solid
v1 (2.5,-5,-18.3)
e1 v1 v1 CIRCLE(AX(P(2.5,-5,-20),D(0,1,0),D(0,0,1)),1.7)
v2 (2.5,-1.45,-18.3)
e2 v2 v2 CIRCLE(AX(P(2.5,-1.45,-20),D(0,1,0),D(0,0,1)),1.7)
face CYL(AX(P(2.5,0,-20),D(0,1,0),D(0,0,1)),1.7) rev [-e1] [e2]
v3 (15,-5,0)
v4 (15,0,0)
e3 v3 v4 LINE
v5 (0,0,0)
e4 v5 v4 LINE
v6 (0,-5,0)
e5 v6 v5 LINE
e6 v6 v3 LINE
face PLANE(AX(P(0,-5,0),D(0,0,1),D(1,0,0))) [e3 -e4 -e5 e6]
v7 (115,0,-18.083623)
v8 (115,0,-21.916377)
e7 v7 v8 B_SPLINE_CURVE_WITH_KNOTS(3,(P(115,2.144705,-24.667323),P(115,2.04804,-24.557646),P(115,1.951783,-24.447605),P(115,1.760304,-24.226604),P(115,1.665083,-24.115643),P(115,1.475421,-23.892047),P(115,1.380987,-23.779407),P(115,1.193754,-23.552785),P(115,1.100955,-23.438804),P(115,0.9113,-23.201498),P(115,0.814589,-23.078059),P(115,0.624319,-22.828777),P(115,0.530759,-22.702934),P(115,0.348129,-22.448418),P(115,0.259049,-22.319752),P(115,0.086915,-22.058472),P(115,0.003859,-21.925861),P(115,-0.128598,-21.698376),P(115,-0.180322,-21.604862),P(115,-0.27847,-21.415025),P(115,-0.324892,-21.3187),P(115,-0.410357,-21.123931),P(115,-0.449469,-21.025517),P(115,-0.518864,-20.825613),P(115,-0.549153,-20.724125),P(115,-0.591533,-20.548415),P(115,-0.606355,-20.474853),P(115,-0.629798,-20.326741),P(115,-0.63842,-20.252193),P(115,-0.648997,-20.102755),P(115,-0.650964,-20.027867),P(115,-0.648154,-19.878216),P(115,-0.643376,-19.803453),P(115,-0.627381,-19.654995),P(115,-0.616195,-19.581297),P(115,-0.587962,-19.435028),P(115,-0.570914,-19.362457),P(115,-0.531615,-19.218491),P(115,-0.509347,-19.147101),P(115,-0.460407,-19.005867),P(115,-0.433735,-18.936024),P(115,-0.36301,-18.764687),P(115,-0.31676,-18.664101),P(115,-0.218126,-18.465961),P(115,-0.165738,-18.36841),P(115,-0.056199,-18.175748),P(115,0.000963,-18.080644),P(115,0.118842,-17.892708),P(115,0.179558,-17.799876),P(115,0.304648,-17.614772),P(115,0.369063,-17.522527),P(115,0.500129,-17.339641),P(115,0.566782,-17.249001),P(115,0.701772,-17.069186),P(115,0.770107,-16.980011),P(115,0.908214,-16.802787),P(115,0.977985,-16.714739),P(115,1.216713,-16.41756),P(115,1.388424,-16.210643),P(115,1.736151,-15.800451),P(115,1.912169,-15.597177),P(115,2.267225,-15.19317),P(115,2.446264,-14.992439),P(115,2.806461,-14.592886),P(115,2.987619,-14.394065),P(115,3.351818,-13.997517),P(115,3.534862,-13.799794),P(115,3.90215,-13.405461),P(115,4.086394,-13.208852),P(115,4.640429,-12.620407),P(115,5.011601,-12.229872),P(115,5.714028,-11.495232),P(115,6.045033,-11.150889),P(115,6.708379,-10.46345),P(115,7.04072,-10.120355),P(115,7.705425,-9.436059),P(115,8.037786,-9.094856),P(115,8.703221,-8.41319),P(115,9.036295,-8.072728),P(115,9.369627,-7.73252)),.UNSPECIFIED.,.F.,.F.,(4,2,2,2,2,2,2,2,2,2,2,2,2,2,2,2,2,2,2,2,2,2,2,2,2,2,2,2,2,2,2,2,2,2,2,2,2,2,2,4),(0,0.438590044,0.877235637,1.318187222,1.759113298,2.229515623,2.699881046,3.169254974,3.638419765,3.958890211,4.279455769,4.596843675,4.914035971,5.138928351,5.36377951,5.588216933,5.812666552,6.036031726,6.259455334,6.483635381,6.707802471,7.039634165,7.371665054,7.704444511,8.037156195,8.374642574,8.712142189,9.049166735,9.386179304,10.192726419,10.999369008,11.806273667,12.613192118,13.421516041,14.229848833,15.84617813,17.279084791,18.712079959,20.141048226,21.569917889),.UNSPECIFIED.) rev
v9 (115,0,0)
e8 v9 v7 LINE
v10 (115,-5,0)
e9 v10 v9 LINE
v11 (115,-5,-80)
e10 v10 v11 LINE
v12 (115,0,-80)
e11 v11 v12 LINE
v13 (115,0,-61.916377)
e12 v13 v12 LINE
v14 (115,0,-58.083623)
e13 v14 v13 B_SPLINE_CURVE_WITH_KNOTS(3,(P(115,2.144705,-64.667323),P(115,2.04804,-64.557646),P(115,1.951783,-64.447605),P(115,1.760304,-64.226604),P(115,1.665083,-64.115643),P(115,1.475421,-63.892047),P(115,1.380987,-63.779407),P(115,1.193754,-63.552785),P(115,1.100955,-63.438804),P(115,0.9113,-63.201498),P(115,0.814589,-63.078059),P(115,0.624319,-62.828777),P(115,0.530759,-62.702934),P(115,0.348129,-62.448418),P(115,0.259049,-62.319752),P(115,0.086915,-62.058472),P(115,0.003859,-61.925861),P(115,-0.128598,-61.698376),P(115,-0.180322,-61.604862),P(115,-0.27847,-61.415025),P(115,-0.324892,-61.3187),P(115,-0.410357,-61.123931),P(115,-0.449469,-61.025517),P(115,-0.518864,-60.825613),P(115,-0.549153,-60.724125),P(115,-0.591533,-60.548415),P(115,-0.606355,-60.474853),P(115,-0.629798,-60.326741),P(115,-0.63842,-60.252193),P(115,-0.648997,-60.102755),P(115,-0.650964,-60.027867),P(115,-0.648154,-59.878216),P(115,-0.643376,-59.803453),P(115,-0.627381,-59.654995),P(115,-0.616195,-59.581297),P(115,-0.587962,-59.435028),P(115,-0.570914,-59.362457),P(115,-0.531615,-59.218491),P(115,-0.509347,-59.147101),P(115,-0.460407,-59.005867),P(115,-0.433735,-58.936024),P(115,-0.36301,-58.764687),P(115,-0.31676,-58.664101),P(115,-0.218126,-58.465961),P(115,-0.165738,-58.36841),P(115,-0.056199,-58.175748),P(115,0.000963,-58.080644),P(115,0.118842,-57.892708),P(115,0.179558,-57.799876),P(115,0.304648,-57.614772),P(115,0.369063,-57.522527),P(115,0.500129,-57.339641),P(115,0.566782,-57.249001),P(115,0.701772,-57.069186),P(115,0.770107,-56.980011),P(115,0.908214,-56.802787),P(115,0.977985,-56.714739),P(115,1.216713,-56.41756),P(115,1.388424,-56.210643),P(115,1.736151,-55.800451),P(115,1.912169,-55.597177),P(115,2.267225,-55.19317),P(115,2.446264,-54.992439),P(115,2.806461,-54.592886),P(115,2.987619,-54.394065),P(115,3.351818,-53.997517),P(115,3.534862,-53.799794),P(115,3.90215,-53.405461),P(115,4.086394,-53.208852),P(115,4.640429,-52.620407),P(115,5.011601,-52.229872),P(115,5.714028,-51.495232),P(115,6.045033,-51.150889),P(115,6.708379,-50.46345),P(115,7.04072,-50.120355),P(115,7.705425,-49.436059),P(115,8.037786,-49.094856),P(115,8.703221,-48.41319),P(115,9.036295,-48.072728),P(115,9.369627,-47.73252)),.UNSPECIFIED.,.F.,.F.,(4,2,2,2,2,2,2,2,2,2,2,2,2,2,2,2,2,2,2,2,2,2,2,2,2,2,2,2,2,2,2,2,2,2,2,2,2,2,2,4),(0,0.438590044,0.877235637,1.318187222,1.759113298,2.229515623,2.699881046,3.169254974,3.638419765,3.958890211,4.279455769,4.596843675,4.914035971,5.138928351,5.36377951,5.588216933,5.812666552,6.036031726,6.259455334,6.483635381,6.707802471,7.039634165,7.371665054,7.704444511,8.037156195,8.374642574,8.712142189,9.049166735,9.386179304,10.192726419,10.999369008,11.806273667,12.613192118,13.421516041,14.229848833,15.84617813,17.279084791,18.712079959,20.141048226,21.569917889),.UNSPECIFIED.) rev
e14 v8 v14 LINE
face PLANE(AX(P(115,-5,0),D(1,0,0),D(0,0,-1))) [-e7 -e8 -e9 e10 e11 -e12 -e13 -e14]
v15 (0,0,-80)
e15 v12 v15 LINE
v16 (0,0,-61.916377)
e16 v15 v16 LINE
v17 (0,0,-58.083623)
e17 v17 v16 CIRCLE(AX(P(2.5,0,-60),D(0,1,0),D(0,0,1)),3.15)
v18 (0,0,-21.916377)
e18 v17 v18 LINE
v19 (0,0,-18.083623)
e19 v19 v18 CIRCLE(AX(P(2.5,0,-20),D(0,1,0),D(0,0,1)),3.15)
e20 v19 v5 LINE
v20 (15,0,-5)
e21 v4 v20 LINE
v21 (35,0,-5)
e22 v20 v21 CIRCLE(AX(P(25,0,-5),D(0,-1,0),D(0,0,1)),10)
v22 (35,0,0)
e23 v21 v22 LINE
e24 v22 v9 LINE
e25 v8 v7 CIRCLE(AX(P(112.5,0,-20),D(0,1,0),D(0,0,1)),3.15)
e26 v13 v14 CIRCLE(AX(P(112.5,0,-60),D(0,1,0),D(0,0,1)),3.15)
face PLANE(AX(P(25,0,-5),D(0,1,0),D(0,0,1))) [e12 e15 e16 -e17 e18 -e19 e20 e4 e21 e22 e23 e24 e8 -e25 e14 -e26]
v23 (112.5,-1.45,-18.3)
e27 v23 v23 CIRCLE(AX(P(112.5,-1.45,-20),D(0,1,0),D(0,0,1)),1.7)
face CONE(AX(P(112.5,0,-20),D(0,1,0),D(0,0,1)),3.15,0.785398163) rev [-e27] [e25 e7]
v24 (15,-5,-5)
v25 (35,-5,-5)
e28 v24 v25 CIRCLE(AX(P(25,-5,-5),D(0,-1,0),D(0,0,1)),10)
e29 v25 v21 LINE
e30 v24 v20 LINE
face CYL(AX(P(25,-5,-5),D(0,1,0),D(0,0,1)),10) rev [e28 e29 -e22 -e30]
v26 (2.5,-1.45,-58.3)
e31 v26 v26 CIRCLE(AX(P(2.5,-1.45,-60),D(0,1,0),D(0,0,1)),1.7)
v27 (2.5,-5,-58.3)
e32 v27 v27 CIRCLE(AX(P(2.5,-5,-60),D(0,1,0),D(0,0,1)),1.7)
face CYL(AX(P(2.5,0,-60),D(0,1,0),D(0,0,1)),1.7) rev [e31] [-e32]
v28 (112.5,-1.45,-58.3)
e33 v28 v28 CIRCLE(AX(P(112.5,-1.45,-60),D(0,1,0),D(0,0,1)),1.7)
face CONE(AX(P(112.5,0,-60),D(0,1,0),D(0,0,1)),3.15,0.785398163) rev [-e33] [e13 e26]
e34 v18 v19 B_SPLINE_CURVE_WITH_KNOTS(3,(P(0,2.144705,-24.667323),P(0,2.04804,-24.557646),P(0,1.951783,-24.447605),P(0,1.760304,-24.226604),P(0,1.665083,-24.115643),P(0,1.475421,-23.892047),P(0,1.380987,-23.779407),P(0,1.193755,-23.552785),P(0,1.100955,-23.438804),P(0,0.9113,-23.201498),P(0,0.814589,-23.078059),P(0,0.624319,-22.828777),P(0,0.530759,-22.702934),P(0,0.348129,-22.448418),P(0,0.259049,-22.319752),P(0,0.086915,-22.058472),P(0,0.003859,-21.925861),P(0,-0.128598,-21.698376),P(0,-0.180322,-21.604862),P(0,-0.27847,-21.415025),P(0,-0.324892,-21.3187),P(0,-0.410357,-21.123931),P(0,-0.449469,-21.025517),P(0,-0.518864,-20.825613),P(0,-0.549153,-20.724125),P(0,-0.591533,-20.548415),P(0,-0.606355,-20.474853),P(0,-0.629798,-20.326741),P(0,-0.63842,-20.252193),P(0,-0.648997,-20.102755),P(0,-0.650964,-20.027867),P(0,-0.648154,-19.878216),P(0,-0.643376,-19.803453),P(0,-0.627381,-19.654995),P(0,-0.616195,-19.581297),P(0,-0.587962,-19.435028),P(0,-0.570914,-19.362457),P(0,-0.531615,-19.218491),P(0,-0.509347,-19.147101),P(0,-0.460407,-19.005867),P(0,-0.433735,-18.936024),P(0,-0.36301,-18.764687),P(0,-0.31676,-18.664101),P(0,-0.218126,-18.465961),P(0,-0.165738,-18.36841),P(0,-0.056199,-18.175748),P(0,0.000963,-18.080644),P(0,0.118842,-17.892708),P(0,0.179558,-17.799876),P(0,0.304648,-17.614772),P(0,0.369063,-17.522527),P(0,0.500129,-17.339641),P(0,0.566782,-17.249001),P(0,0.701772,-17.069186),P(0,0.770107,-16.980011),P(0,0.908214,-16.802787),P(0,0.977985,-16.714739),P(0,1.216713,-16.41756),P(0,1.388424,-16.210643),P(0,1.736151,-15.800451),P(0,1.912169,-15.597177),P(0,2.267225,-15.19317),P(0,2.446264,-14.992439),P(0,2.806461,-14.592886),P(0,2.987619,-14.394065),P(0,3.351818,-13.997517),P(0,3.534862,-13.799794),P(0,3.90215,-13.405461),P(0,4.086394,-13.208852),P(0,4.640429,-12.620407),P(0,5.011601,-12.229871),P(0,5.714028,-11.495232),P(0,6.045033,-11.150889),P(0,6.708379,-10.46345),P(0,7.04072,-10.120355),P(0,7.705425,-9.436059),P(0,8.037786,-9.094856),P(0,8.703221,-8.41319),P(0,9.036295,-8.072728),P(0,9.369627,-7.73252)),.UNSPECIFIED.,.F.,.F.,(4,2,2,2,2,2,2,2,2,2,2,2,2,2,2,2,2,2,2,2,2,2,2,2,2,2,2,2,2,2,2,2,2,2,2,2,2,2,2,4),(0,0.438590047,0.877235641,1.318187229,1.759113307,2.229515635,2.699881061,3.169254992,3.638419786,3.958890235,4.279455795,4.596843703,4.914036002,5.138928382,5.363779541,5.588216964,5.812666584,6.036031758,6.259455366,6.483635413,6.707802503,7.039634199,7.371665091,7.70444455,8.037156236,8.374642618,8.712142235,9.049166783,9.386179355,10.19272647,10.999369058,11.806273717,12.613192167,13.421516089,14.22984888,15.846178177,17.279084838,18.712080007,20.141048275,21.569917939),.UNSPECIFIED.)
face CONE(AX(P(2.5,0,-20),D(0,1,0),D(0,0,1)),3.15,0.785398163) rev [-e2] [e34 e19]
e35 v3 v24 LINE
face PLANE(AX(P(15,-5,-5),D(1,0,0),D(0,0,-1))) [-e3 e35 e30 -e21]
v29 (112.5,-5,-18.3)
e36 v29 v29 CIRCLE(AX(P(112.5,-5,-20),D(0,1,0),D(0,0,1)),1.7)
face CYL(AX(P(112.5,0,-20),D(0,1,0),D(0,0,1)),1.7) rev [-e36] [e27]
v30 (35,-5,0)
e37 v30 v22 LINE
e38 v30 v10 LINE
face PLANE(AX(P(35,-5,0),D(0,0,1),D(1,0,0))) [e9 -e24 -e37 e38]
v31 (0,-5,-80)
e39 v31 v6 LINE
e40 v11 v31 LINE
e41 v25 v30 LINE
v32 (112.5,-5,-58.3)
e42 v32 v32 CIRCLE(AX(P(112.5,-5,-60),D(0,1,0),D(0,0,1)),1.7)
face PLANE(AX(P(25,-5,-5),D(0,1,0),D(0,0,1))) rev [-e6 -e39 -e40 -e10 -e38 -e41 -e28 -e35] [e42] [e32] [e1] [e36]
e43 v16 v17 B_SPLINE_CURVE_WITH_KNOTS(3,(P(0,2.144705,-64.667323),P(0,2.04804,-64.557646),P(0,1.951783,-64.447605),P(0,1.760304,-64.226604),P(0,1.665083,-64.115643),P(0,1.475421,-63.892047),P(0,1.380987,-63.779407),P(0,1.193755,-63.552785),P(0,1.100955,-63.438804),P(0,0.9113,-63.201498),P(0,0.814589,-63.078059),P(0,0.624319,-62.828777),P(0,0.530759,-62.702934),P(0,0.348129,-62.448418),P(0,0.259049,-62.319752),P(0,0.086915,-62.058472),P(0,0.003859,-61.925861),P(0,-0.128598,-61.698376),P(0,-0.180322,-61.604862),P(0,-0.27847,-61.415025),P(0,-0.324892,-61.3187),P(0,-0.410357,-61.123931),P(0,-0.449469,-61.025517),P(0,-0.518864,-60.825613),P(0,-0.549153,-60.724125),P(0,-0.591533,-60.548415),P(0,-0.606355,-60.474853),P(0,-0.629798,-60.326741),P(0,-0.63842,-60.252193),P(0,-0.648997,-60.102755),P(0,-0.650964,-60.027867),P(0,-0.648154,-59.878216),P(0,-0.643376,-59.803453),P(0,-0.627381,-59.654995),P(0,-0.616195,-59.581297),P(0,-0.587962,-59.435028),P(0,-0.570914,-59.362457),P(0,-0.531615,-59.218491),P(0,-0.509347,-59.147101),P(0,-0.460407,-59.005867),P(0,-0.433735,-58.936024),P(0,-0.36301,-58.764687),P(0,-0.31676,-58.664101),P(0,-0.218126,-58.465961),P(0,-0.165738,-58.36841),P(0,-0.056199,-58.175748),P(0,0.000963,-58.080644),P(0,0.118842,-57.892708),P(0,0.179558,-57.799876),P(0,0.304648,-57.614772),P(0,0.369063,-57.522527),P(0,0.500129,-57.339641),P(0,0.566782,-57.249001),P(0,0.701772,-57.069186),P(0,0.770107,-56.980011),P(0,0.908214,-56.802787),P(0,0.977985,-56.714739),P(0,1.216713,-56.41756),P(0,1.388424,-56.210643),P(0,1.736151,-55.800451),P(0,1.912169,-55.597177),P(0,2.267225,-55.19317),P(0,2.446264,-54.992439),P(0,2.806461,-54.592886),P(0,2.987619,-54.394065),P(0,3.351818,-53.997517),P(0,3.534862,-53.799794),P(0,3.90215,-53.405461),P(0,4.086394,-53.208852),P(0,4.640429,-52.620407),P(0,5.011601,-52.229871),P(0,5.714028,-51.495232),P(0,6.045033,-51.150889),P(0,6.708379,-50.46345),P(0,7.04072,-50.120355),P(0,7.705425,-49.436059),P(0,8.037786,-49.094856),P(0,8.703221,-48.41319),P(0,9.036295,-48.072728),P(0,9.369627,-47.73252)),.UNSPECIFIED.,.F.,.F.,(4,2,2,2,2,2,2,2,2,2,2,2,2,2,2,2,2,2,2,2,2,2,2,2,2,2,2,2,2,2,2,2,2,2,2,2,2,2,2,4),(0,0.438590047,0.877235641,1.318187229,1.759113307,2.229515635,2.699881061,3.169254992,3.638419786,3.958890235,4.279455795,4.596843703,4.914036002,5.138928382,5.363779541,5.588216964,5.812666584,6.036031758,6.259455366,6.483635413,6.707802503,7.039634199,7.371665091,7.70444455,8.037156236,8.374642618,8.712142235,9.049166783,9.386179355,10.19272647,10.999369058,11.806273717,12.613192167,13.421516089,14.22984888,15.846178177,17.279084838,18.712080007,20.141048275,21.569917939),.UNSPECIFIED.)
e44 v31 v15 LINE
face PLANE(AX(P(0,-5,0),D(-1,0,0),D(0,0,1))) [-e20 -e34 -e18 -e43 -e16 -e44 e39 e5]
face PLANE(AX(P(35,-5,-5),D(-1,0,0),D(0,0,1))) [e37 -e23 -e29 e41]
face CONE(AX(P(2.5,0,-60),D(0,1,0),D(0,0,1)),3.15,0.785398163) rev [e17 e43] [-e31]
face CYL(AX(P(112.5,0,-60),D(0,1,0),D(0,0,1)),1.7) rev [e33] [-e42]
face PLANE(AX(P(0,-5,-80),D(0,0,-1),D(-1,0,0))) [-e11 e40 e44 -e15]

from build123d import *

# Parameters (mm, degrees)
BOSS_EXTRUDE1_DEPTH                                 = 5
CSK_FOR_M3_FLAT_COUNTERSUNK_HEAD_SCREW1_D           = 3.4
CSK_FOR_M3_FLAT_COUNTERSUNK_HEAD_SCREW1_CSINK_D     = 6.3
CSK_FOR_M3_FLAT_COUNTERSUNK_HEAD_SCREW1_CSINK_ANGLE = 90


with BuildPart() as part:
    # Sketch1 → Boss-Extrude1 (new body)
    with BuildSketch(Plane(origin=(0, 0, 0), x_dir=(1, 0, 0), z_dir=(0, 1, 0))):
        with BuildLine():
            Line((15, 5), (15, 0))
            Line((15, 0), (0, 0))
            Line((0, 0), (0, 80))
            Line((0, 80), (115, 80))
            Line((115, 80), (115, 0))
            Line((115, 0), (35, 0))
            Line((35, 0), (35, 5))
            ThreePointArc((35, 5), (25, 15), (15, 5))
        make_face()
    extrude(amount=-BOSS_EXTRUDE1_DEPTH)

    # CSK for M3 Flat Countersunk Head Screw1 (through all)
    with Locations(Plane(origin=(0, 0, 0), x_dir=(1, 0, 0), z_dir=(0, 1, 0))):
        with Locations((2.5, 60), (2.5, 20), (112.5, 60), (112.5, 20)):
            CounterSinkHole(CSK_FOR_M3_FLAT_COUNTERSUNK_HEAD_SCREW1_D / 2, CSK_FOR_M3_FLAT_COUNTERSUNK_HEAD_SCREW1_CSINK_D / 2, counter_sink_angle=CSK_FOR_M3_FLAT_COUNTERSUNK_HEAD_SCREW1_CSINK_ANGLE)


solid = part.part
